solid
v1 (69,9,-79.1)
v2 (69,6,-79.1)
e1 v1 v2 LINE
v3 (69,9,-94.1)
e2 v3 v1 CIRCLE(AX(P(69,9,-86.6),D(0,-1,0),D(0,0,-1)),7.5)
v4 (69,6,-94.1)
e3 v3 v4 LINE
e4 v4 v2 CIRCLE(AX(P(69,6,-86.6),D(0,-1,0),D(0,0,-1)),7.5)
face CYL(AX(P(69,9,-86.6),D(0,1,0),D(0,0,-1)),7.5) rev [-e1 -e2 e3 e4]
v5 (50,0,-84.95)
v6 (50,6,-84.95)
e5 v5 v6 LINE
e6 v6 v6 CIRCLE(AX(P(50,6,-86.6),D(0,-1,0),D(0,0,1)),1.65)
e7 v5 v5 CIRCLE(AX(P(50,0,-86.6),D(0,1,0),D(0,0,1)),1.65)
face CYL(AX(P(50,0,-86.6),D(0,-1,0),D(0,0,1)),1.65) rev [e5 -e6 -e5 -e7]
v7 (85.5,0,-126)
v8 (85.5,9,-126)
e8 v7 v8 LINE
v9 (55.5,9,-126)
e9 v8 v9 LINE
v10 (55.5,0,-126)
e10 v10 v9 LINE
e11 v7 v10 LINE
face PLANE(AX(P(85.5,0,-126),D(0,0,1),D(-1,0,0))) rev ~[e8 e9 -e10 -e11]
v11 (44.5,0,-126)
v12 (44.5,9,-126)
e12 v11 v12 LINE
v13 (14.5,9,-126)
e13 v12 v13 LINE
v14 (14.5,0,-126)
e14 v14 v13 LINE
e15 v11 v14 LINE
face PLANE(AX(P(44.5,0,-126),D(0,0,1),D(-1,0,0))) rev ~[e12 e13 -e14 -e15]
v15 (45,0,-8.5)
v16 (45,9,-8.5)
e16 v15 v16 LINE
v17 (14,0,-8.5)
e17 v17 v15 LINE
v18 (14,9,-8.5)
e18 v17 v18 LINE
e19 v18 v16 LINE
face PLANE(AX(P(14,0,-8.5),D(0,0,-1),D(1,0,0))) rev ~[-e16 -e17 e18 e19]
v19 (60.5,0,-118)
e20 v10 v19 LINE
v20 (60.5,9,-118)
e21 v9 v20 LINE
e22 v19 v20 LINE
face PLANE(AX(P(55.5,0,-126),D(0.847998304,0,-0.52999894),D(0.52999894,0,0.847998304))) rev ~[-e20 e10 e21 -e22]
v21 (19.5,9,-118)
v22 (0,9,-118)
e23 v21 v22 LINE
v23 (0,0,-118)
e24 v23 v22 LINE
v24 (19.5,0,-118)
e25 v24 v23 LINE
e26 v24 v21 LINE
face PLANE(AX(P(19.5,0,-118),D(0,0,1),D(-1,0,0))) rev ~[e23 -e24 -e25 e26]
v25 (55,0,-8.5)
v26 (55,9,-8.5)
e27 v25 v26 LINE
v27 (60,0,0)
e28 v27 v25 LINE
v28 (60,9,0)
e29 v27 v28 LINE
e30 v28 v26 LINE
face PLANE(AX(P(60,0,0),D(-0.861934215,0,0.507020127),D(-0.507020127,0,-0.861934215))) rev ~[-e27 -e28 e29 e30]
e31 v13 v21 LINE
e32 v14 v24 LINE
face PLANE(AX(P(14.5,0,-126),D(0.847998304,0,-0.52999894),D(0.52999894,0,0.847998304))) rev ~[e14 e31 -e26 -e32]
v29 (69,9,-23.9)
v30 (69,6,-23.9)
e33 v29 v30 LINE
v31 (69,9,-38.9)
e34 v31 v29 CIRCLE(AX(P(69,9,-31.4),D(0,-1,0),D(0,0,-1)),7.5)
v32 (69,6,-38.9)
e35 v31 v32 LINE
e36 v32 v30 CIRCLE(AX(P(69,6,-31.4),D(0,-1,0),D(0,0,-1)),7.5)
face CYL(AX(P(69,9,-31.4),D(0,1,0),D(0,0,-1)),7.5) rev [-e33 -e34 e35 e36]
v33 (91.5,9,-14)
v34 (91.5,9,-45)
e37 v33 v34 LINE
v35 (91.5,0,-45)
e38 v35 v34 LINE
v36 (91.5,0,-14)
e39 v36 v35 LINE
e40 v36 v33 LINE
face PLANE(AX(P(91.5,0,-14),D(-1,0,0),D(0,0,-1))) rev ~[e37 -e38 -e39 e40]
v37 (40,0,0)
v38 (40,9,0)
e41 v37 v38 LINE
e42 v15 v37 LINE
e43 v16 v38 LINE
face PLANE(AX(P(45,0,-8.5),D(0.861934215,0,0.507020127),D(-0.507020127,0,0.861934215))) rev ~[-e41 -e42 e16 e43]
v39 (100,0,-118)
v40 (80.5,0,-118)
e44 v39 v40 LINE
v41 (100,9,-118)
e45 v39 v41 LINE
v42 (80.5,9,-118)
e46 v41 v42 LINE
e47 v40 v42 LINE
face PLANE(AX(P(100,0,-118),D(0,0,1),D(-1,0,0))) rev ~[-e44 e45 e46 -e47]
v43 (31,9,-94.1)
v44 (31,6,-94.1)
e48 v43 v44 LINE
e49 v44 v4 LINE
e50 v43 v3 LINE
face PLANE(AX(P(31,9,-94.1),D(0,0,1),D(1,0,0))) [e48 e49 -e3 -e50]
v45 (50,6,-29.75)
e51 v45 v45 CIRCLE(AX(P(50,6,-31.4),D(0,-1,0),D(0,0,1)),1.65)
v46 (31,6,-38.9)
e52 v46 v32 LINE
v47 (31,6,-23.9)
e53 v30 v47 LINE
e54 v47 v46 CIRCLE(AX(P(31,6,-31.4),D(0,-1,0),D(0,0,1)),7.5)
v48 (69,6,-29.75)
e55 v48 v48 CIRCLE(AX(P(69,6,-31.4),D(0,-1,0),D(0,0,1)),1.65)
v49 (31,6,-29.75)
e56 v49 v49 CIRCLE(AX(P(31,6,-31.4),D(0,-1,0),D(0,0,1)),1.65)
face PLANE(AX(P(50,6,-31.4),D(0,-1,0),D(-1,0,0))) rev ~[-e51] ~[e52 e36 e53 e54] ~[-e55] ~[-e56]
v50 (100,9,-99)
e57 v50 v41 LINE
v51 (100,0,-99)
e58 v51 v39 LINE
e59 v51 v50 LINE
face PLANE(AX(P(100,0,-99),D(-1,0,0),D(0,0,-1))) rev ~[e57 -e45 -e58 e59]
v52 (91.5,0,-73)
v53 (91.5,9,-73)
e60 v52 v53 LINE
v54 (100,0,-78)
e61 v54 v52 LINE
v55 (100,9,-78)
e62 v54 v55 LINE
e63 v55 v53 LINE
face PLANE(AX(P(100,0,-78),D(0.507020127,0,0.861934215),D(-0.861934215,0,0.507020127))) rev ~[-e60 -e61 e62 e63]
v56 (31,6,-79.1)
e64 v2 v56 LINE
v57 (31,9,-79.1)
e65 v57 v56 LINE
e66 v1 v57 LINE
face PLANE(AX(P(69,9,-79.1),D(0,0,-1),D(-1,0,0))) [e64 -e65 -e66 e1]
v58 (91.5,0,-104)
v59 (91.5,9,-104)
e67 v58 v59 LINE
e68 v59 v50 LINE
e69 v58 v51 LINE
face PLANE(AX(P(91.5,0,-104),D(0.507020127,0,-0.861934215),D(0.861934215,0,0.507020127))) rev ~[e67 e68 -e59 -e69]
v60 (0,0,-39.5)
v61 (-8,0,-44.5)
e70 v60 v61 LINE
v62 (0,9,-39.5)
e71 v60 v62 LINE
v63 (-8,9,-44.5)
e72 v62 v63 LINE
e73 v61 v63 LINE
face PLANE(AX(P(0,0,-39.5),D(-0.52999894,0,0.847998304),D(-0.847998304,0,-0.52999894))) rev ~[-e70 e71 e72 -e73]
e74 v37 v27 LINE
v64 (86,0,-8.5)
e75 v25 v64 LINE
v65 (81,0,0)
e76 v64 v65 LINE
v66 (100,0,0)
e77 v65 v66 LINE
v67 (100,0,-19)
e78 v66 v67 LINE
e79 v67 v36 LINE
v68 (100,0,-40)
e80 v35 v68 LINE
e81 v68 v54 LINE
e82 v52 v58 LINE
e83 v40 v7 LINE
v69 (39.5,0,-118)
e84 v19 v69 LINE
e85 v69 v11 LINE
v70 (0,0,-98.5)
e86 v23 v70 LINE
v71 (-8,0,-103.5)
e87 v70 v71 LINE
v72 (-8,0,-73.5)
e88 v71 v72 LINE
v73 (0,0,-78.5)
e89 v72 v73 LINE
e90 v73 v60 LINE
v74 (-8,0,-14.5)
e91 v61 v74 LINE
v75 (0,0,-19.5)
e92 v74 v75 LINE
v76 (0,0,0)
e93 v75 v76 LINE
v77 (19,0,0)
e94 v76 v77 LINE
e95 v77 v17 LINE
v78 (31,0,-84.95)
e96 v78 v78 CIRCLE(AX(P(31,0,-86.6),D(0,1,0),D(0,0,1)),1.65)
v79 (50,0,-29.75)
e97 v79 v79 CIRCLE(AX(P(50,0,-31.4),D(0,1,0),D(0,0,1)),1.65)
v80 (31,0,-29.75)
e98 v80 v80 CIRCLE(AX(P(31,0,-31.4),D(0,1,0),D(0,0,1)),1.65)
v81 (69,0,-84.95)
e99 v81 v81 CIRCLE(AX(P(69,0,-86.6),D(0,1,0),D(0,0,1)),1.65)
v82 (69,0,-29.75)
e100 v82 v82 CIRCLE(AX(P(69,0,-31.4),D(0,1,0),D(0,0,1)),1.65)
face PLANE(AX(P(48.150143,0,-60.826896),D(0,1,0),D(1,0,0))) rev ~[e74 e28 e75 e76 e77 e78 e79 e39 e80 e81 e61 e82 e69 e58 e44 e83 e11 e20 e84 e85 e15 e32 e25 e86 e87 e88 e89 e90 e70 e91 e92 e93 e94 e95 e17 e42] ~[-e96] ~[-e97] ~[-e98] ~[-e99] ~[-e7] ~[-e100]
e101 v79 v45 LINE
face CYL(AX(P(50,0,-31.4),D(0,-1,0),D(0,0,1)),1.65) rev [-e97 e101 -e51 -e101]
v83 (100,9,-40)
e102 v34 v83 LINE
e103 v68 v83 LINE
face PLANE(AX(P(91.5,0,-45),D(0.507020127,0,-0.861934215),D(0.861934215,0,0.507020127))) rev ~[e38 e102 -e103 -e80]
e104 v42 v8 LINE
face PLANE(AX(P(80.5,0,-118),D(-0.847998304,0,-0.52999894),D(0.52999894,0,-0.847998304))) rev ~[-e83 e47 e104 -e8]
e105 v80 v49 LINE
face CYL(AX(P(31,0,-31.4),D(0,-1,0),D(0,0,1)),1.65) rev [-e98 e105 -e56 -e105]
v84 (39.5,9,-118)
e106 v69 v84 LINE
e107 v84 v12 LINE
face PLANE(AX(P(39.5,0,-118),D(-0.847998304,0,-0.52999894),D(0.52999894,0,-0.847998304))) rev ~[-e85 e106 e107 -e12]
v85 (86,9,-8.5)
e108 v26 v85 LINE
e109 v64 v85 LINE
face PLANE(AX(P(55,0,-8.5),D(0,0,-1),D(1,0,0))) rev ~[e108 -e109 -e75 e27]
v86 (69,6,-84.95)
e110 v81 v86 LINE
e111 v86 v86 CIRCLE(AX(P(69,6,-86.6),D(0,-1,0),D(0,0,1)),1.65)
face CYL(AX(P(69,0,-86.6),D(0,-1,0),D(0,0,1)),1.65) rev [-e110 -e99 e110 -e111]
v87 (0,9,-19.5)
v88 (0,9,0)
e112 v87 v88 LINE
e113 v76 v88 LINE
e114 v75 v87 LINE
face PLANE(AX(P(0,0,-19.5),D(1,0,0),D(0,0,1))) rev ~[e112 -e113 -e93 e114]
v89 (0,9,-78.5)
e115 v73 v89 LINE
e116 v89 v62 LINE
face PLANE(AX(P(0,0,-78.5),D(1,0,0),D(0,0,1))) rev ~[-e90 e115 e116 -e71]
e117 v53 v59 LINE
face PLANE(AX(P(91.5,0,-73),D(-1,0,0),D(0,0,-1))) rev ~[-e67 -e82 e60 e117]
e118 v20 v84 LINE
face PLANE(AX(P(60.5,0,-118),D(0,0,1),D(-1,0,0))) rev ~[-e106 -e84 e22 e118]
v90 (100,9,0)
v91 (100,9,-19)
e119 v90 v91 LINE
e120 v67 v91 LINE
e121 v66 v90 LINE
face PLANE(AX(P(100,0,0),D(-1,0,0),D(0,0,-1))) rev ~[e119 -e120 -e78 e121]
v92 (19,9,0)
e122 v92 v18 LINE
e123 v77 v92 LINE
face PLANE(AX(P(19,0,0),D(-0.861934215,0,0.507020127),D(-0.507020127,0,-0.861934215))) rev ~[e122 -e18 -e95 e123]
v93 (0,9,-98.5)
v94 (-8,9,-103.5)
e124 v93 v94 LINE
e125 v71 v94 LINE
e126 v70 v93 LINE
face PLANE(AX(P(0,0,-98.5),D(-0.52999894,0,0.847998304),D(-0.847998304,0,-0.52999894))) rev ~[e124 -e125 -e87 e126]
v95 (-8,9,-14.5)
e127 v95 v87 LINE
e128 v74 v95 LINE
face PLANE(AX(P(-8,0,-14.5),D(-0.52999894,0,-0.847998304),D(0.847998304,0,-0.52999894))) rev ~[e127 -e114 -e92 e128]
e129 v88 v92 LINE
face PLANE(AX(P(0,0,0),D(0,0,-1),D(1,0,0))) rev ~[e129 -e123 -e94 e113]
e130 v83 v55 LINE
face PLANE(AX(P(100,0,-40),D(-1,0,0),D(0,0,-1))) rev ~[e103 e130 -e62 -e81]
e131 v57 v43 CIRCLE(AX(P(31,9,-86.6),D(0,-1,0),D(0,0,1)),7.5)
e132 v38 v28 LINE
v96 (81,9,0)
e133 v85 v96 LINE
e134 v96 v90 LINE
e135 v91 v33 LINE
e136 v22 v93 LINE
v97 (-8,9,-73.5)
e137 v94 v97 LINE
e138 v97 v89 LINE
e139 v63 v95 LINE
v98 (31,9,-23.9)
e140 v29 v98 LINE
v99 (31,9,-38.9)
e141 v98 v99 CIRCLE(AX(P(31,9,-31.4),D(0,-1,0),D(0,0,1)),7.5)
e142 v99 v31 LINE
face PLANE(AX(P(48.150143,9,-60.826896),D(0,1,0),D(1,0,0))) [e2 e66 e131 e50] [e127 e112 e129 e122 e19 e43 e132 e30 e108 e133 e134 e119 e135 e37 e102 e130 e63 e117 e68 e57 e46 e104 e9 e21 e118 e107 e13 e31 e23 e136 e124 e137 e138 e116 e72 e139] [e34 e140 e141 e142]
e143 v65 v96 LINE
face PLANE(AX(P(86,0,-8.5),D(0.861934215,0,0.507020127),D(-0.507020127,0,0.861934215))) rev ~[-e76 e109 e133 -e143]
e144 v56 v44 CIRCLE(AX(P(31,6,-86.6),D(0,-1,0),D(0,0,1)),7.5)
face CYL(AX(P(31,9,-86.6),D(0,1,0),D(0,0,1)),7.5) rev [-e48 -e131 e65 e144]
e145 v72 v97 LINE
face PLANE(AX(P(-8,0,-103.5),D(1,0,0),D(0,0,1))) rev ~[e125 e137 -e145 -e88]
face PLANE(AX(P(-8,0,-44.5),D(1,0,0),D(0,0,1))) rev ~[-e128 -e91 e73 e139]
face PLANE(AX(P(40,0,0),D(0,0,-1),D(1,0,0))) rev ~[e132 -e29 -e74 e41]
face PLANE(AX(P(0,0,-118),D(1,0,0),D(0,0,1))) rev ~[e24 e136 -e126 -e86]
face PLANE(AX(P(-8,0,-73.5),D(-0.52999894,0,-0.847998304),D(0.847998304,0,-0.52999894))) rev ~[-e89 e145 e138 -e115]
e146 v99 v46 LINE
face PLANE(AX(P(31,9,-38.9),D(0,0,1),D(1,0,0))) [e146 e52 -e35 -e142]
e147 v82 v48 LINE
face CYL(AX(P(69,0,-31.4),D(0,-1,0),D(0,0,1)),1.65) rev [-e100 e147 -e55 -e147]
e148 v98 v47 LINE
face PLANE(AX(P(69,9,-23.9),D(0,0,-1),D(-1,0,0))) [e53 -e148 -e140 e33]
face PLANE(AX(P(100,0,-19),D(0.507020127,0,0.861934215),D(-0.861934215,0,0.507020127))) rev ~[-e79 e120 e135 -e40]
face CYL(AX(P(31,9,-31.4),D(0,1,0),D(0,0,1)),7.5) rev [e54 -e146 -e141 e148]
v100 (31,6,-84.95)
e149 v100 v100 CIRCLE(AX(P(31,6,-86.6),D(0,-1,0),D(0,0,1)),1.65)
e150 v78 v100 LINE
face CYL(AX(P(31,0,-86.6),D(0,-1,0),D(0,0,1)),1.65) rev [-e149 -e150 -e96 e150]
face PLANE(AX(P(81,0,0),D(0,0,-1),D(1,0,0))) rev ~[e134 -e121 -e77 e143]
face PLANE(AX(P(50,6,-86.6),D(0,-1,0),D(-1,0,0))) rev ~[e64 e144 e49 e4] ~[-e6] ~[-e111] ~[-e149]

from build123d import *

# Parameters (mm, degrees)
SKETCH2_R           = 1.65
BOSS_EXTRUDE2_DEPTH = 9
CUT_EXTRUDE1_DEPTH  = 3


with BuildPart() as part:
    # Sketch2 → Boss-Extrude2 (new body)
    with BuildSketch(Plane(origin=(0, 0, 0), x_dir=(1, 0, 0), z_dir=(0, 1, 0))):
        Polygon((0, 98.5), (-8, 103.5), (-8, 73.5), (0, 78.5), (0, 39.5), (-8, 44.5), (-8, 14.5), (0, 19.5), (0, 0), (19, 0), (14, 8.5), (45, 8.5), (40, 0), (60, 0), (55, 8.5), (86, 8.5), (81, 0), (100, 0), (100, 19), (91.5, 14), (91.5, 45), (100, 40), (100, 78), (91.5, 73), (91.5, 104), (100, 99), (100, 118), (80.5, 118), (85.5, 126), (55.5, 126), (60.5, 118), (39.5, 118), (44.5, 126), (14.5, 126), (19.5, 118), (0, 118), align=None)
        with Locations(Location((31, 31.4, 0), (0, 0, 270))):
            Circle(SKETCH2_R, mode=Mode.SUBTRACT)
        with Locations(Location((31, 86.6, 0), (0, 0, 270))):
            Circle(SKETCH2_R, mode=Mode.SUBTRACT)
        with Locations(Location((50, 31.4, 0), (0, 0, 270))):
            Circle(SKETCH2_R, mode=Mode.SUBTRACT)
        with Locations(Location((50, 86.6, 0), (0, 0, 270))):
            Circle(SKETCH2_R, mode=Mode.SUBTRACT)
        with Locations(Location((69, 31.4, 0), (0, 0, 270))):
            Circle(SKETCH2_R, mode=Mode.SUBTRACT)
        with Locations(Location((69, 86.6, 0), (0, 0, 270))):
            Circle(SKETCH2_R, mode=Mode.SUBTRACT)
    extrude(amount=BOSS_EXTRUDE2_DEPTH)

    # Sketch4 → Cut-Extrude1 (cut)
    with BuildSketch(Plane(origin=(0, 9, 0), x_dir=(1, 0, 0), z_dir=(0, 1, 0))):
        with BuildLine():
            Line((31, 94.1), (69, 94.1))
            ThreePointArc((69, 94.1), (76.5, 86.6), (69, 79.1))
            Line((69, 79.1), (31, 79.1))
            ThreePointArc((31, 79.1), (23.5, 86.6), (31, 94.1))
        make_face()
        with BuildLine():
            Line((31, 38.9), (69, 38.9))
            ThreePointArc((69, 38.9), (76.5, 31.4), (69, 23.9))
            Line((69, 23.9), (31, 23.9))
            ThreePointArc((31, 23.9), (23.5, 31.4), (31, 38.9))
        make_face()
    extrude(amount=-CUT_EXTRUDE1_DEPTH, mode=Mode.SUBTRACT)


solid = part.part
